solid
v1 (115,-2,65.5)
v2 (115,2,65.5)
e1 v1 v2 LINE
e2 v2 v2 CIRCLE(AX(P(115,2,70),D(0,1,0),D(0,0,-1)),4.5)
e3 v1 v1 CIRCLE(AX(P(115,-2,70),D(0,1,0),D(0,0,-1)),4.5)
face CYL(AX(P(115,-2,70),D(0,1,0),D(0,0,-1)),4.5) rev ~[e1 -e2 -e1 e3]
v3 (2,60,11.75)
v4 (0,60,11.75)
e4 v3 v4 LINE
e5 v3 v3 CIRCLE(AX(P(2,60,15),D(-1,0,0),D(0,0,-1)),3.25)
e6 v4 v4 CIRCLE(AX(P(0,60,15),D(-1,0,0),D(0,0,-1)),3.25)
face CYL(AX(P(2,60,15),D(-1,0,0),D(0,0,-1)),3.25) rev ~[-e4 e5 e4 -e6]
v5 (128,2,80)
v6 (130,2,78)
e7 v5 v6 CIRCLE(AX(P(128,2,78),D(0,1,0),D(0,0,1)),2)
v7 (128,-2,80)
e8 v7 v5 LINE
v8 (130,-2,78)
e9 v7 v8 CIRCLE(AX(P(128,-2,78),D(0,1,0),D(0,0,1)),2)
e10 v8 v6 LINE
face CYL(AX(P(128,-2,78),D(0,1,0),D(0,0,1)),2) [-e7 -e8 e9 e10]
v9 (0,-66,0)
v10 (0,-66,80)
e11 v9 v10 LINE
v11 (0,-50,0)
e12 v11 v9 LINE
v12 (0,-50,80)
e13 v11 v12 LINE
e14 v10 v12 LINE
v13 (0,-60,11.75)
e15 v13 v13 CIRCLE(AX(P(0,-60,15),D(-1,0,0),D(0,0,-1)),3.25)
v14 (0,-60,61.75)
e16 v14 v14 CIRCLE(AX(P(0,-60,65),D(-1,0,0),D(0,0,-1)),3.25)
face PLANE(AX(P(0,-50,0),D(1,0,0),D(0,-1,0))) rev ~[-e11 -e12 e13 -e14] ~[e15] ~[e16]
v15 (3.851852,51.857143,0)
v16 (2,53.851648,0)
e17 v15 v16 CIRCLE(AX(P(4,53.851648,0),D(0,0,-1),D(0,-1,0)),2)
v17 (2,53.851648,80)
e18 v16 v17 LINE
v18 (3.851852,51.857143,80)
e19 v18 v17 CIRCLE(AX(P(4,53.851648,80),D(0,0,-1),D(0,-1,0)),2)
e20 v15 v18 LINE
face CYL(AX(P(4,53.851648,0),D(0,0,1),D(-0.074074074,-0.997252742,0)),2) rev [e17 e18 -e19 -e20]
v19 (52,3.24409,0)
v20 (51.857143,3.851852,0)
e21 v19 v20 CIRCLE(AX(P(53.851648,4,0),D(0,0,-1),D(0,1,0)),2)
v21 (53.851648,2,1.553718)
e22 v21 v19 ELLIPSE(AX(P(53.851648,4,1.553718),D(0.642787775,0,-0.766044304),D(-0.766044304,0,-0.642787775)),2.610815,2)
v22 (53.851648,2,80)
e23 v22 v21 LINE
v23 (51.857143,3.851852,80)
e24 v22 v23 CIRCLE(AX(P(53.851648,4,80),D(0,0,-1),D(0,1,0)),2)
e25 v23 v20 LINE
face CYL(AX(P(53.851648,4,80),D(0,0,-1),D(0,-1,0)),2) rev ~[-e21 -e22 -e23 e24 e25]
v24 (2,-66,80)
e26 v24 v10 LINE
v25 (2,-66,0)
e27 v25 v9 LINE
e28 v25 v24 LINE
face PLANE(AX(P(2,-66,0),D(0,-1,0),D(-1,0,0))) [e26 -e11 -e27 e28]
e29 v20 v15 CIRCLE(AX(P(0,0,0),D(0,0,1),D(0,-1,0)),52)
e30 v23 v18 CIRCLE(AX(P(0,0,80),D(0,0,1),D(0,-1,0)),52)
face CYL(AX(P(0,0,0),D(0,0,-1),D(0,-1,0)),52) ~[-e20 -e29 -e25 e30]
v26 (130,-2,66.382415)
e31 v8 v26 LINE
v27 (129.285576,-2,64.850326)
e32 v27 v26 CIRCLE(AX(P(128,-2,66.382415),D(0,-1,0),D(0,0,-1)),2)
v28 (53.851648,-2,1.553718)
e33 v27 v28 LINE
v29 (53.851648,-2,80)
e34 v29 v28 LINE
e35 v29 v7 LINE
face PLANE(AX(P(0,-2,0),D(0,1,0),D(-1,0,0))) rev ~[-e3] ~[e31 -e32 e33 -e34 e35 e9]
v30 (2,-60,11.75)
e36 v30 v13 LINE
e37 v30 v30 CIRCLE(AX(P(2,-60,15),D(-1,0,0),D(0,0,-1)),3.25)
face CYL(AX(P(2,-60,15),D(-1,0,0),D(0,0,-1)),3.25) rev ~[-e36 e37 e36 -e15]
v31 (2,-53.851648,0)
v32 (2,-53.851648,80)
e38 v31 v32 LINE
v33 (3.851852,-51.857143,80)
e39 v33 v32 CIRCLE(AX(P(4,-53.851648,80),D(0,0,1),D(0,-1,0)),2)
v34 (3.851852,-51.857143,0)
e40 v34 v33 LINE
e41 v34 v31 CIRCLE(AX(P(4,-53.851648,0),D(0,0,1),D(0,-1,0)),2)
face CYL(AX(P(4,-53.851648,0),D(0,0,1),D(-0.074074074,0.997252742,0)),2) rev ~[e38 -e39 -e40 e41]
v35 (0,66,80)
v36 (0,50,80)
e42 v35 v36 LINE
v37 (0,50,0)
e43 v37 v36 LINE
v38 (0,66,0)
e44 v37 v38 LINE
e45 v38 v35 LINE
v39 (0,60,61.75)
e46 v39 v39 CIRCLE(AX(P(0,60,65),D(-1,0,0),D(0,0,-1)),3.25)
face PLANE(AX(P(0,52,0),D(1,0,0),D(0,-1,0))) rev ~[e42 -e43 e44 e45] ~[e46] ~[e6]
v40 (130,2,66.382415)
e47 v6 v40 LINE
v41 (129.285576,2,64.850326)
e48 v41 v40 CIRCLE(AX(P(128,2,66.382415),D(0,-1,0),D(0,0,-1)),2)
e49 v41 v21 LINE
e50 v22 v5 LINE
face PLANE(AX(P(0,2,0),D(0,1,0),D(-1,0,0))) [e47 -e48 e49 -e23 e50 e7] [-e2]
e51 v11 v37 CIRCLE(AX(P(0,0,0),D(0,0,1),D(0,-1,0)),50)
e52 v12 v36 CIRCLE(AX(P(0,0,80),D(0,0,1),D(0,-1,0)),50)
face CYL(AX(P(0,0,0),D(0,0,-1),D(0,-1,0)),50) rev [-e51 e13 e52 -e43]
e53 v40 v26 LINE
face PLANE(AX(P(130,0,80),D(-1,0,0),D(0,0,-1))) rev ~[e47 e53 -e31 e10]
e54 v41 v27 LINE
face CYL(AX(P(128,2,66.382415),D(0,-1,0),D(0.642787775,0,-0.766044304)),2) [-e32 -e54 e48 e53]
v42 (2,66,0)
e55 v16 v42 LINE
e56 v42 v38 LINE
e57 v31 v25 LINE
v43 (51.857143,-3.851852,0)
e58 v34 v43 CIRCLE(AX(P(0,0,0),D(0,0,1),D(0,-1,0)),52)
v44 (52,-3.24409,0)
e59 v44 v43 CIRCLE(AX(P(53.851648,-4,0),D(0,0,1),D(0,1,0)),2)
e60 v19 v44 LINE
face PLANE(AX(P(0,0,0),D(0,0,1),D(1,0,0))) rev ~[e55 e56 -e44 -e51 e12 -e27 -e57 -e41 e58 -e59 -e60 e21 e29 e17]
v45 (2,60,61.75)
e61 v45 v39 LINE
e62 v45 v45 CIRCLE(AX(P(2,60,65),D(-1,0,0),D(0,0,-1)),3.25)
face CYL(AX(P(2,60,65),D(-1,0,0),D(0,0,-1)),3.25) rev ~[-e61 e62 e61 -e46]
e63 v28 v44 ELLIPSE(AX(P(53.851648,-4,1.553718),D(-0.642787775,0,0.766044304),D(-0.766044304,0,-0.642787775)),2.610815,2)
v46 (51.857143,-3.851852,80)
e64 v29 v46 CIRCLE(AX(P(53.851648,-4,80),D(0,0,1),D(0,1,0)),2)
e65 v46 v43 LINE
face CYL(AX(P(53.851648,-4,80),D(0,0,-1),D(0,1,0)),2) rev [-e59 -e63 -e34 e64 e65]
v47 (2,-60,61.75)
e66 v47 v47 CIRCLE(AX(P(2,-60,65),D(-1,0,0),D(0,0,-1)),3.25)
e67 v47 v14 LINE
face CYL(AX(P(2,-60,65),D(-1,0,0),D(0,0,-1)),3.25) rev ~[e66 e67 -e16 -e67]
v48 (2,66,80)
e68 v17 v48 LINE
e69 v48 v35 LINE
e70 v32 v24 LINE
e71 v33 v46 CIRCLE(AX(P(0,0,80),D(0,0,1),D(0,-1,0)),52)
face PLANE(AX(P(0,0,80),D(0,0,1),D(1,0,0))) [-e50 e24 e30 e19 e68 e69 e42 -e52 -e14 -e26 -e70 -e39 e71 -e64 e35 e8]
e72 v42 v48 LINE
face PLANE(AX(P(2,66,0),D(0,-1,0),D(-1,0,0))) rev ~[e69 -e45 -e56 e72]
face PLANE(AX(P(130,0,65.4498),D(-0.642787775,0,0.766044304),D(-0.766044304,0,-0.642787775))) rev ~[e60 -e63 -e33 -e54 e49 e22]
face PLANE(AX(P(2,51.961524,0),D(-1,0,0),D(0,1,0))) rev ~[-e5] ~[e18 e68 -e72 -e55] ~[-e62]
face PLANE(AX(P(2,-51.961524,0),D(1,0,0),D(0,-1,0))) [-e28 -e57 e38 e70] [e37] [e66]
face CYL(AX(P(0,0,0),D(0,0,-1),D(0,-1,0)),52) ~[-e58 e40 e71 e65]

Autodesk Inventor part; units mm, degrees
ref_plane "YZ Plane" through (0, 0, 0) normal (1, 0, 0) x (0, 1, 0)
ref_plane "XZ Plane" through (0, 0, 0) normal (0, 1, 0) x (-1, 0, 0)
ref_plane "XY Plane" through (0, 0, 0) normal (0, 0, 1) x (1, 0, 0)
sketch "Sketch2" plane through (0, 0, 0) normal (0, 0, 1) x (1, 0, 0)
  arc A0 (0, -52) -> (0, 52) centre (0, 0) ccw
  arc A1 (0, -50) -> (0, 50) centre (0, 0) ccw
  line L0 (0, 52) -> (0, 50)
  line L1 (0, -50) -> (0, -52)
  line L2 (0, -50) -> (2, -50)
  line L3 (2, -50) -> (2, -66)
  line L4 (2, -66) -> (0, -66)
  line L5 (0, -66) -> (0, -50)
  line L6 (0, 50) -> (2, 50)
  line L7 (2, 50) -> (2, 66)
  line L8 (2, 66) -> (0, 66)
  line L9 (0, 66) -> (0, 50)
  point P0 (0, 52)
  point P1 (2, 51.9615)
  point P2 (2, -51.9615)
  dimension "d0" = 104
  dimension "d1" = 100
  dimension "d2" = 2
  dimension "d5" = 2
  dimension "d6" = 16
  dimension "d7" = 2
  dimension "d8" = 16
extrude "Extrusion1" add sketch "Sketch2" along normal blind 80
fillet "Fillet1" radius 2 2 edges at (2, -51.9615, 40) (2, 51.9615, 40)
sketch "Sketch3" plane through (2, -66, 80) normal (1, 0, 0) x (0, 0, -1)
  line L0 (80, 16) -> (80, 0) construction
  line L1 (80, 0) -> (0, 0) construction
  line L2 (0, 16) -> (0, 0) construction
  line L3 (80, 16) -> (0, 16) construction
  line L4 (80, 132) -> (80, 116) construction
  line L5 (80, 116) -> (0, 116) construction
  line L6 (0, 132) -> (0, 116) construction
  line L7 (80, 132) -> (0, 132) construction
  point P0 (80, 66)
  point P1 (15, 6)
  point P2 (65, 6)
  point P3 (15, 126)
  point P4 (65, 126)
  dimension "d10" = 15
  dimension "d11" = 15
  dimension "d12" = 15
  dimension "d13" = 15
  dimension "d14" = 6
  dimension "d15" = 6
  dimension "d16" = 6
  dimension "d17" = 6
hole "Hole1" at (2, -60, 65) at (2, -60, 15) at (2, 60, 65) at (2, 60, 15) direction (-1, 0, 0) diameter 6.5 depth 2
sketch "Sketch4" plane through (0, 0, 0) normal (0, 1, 0) x (-1, 0, 0)
  line L0 (-3.8519, 80) -> (-3.8519, 0) construction
  line L1 (-3.8519, 80) -> (-3.8519, 80) construction
  line L2 (-3.8519, 0) -> (-3.8519, 80) construction
  line L3 (-3.8519, 0) -> (-3.8519, 0) construction
  line L4 (-52, 0) -> (-52, 80) construction
  line L5 (-50, 80) -> (-130, 80)
  line L6 (-130, 80) -> (-130, 65.4498)
  line L7 (-130, 65.4498) -> (-52, 0)
  line L8 (-52, 0) -> (-49.7983, 0)
  line L9 (-50, 80) -> (-50, 0) construction
  line L10 (-52, 0) -> (-50, 0)
  line L11 (-50, 0) -> (-50, 80)
  line L12 (-50, 80) -> (-50, 80)
  point P0 (0, 0)
  dimension "d25" = 80
  dimension "d26" = 130
extrude "Extrusion2" add sketch "Sketch4" along normal mid plane 4
sketch "Sketch5" plane through (0, -2, 0) normal (0, -1, 0) x (1, 0, 0)
  line L0 (130, 80) -> (51.9615, 80) construction
  line L1 (130, 65.4498) -> (130, 80) construction
  point P0 (0, 0)
  point P1 (115, 70)
  point P2 (52, 80)
  dimension "d29" = 10
  dimension "d30" = 15
hole "Hole2" at (115, -2, 70) direction (0, 1, 0) diameter 9 depth 4
fillet "Fillet2" radius 2 2 edges at (130, 0, 80) (130, 0, 65.4498)
fillet "Fillet3" radius 2 2 edges at (51.9615, -2, 40) (51.9615, 2, 40)
properties part number "P049_SupportTube"
